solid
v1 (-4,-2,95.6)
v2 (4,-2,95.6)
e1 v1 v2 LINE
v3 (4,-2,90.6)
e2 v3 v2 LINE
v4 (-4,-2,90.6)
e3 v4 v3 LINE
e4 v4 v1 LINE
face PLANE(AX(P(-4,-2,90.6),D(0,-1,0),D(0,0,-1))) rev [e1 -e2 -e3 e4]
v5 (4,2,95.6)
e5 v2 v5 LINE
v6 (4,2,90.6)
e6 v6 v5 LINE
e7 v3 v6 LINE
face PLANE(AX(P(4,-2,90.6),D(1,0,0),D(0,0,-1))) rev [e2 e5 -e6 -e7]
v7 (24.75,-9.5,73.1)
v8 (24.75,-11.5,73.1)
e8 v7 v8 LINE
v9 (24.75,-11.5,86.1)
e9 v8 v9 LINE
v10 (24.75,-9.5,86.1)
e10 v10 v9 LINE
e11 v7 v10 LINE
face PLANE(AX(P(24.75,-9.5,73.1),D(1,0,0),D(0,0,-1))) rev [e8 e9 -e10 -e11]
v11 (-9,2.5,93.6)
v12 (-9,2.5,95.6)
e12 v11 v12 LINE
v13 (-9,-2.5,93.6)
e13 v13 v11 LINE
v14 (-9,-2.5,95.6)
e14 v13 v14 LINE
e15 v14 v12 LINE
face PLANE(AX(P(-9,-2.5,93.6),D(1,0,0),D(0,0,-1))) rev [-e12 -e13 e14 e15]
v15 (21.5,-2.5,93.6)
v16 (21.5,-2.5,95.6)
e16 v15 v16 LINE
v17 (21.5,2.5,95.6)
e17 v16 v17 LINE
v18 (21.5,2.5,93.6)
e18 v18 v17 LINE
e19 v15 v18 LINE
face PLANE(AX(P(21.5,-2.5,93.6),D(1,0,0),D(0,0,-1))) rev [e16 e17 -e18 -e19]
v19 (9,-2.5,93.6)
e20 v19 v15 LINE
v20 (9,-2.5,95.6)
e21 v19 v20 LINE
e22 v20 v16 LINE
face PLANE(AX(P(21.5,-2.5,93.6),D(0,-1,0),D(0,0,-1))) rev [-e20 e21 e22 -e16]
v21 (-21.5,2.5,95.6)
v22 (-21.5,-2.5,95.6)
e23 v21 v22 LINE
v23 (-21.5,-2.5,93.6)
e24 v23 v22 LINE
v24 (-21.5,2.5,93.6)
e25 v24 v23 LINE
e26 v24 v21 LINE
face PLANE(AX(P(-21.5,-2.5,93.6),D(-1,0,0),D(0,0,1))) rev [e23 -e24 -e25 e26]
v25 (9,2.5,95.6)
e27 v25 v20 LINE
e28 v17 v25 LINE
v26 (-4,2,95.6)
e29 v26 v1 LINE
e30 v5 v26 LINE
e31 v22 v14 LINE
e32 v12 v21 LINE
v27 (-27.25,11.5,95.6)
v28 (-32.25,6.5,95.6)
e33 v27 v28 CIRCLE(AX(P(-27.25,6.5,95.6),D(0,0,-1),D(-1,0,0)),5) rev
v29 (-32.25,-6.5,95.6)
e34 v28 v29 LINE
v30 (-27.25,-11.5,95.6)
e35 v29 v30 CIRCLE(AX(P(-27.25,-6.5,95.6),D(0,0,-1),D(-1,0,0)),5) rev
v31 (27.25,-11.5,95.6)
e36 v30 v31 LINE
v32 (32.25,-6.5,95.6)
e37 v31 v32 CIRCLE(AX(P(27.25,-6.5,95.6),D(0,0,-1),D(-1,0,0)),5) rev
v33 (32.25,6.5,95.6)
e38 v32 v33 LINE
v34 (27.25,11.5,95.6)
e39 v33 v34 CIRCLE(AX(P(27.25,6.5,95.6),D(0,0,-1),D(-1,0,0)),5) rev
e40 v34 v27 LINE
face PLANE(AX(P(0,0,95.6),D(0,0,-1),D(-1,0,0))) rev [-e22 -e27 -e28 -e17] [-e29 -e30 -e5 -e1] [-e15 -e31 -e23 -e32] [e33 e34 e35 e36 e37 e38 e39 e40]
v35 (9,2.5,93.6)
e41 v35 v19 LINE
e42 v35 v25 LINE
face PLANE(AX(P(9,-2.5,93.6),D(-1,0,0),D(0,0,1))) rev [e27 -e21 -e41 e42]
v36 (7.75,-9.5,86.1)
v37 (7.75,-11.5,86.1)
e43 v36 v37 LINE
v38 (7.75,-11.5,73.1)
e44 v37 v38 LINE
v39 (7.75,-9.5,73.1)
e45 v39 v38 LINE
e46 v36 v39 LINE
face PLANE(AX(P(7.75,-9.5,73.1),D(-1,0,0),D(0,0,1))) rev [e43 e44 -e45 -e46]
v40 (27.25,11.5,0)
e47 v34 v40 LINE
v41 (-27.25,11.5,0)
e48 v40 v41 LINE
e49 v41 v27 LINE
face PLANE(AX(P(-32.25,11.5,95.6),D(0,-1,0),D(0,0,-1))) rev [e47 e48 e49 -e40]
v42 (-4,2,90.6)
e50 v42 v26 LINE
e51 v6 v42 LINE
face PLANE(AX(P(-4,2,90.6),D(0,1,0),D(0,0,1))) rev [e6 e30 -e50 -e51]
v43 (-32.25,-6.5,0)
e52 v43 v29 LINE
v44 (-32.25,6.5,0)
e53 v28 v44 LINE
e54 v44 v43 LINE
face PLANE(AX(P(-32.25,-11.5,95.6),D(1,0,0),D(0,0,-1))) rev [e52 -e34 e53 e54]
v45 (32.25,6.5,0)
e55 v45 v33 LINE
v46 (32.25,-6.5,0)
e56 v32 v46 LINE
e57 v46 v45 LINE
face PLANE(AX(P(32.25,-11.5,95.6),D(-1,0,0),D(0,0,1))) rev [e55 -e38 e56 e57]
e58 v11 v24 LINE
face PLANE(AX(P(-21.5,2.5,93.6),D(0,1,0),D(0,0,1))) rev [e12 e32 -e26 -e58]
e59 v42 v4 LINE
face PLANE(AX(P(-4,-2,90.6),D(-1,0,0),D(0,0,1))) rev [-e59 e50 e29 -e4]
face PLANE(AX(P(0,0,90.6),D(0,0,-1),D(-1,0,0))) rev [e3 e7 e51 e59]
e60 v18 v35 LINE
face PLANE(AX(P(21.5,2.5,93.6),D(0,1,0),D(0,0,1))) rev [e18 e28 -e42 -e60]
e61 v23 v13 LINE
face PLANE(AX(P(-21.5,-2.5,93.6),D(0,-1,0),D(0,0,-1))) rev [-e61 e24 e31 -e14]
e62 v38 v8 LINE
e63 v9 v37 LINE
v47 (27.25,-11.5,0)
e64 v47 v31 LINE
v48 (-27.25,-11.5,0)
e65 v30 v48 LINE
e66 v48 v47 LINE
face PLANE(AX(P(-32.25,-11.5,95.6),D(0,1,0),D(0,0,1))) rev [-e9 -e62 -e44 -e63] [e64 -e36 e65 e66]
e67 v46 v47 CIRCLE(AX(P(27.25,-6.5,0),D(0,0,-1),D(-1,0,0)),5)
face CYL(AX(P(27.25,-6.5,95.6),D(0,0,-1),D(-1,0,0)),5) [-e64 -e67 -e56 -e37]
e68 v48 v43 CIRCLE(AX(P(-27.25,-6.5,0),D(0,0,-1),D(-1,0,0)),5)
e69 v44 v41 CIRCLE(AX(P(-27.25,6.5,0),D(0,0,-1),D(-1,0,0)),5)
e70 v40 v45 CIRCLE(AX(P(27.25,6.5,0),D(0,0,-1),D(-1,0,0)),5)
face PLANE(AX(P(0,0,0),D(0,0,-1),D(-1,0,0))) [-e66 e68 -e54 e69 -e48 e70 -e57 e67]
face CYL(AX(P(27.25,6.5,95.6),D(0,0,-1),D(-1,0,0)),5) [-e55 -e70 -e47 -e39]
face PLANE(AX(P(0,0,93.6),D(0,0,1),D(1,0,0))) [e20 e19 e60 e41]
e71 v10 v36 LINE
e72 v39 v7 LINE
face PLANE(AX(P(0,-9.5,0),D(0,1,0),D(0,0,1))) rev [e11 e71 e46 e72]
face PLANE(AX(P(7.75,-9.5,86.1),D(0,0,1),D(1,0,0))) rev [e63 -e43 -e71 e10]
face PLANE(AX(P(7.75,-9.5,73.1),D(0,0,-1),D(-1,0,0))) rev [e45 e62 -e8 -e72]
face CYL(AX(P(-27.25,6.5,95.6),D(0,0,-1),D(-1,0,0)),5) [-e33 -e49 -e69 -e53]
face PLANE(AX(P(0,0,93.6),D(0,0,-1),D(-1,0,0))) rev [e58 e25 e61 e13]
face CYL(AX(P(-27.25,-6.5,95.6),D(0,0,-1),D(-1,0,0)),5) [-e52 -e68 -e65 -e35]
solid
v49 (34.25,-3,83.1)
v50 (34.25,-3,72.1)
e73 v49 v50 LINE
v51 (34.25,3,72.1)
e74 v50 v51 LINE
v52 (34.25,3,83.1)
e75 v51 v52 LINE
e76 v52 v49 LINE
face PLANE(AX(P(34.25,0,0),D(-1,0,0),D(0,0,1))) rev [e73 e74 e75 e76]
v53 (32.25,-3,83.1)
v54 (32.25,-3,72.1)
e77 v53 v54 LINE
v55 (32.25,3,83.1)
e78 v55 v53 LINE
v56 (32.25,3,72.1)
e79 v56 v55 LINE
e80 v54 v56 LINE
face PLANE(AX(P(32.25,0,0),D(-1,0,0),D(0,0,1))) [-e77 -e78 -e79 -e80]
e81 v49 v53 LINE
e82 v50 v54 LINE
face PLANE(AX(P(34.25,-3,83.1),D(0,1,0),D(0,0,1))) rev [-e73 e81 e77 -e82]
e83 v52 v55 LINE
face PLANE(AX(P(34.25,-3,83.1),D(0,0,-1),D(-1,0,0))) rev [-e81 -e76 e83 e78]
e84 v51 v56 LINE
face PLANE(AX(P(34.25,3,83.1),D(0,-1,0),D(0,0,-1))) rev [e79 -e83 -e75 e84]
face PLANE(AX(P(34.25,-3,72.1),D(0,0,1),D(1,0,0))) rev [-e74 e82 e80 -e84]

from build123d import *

# Parameters (mm, degrees)
SKETCH1_W           = 64.5
SKETCH1_H           = 23
BOSS_EXTRUDE1_DEPTH = 95.6
FILLET1_R           = 5
SKETCH2_W           = 8
SKETCH2_H           = 4
CUT_EXTRUDE1_DEPTH  = 5
SKETCH3_W           = 11
SKETCH3_H           = 6
BOSS_EXTRUDE2_DEPTH = 2
SKETCH4_W           = 12.5
SKETCH4_H           = 5
CUT_EXTRUDE2_DEPTH  = 2
SKETCH5_W           = 17
SKETCH5_H           = 13
CUT_EXTRUDE3_DEPTH  = 2


with BuildPart() as part:
    # Sketch1 → Boss-Extrude1 (new body)
    with BuildSketch(Plane.XY):
        Rectangle(SKETCH1_W, SKETCH1_H)
    extrude(amount=BOSS_EXTRUDE1_DEPTH)

    # Fillet1
    fillet1_edges = [part.edges().sort_by_distance(p)[0] for p in [
        (32.25, -11.5, 47.8),
        (-32.25, -11.5, 47.8),
        (-32.25, 11.5, 47.8),
        (32.25, 11.5, 47.8),
    ]]
    fillet(fillet1_edges, radius=FILLET1_R)

    # Sketch2 → Cut-Extrude1 (cut)
    with BuildSketch(Plane.XY.offset(95.6)):
        Rectangle(SKETCH2_W, SKETCH2_H)
    extrude(amount=-CUT_EXTRUDE1_DEPTH, mode=Mode.SUBTRACT)

    # Sketch4 → Cut-Extrude2 (cut)
    with BuildSketch(Plane.XY.offset(95.6)):
        with Locations((-15.25, 0)):
            Rectangle(SKETCH4_W, SKETCH4_H)
        with Locations((15.25, 0)):
            Rectangle(SKETCH4_W, SKETCH4_H)
    extrude(amount=-CUT_EXTRUDE2_DEPTH, mode=Mode.SUBTRACT)

    # Sketch5 → Cut-Extrude3 (cut)
    with BuildSketch(Plane.XZ.offset(11.5)):
        with Locations((16.25, 79.6)):
            Rectangle(SKETCH5_W, SKETCH5_H)
    extrude(amount=-CUT_EXTRUDE3_DEPTH, mode=Mode.SUBTRACT)


with BuildPart() as body_2:
    # Sketch3 → Boss-Extrude2 (new body)
    with BuildSketch(Plane(origin=(32.25, 0, 0), x_dir=(0, 0, -1), z_dir=(1, 0, 0))):
        with Locations((-77.6, 0)):
            Rectangle(SKETCH3_W, SKETCH3_H)
    extrude(amount=BOSS_EXTRUDE2_DEPTH)


solid = Compound([part.part, body_2.part])
